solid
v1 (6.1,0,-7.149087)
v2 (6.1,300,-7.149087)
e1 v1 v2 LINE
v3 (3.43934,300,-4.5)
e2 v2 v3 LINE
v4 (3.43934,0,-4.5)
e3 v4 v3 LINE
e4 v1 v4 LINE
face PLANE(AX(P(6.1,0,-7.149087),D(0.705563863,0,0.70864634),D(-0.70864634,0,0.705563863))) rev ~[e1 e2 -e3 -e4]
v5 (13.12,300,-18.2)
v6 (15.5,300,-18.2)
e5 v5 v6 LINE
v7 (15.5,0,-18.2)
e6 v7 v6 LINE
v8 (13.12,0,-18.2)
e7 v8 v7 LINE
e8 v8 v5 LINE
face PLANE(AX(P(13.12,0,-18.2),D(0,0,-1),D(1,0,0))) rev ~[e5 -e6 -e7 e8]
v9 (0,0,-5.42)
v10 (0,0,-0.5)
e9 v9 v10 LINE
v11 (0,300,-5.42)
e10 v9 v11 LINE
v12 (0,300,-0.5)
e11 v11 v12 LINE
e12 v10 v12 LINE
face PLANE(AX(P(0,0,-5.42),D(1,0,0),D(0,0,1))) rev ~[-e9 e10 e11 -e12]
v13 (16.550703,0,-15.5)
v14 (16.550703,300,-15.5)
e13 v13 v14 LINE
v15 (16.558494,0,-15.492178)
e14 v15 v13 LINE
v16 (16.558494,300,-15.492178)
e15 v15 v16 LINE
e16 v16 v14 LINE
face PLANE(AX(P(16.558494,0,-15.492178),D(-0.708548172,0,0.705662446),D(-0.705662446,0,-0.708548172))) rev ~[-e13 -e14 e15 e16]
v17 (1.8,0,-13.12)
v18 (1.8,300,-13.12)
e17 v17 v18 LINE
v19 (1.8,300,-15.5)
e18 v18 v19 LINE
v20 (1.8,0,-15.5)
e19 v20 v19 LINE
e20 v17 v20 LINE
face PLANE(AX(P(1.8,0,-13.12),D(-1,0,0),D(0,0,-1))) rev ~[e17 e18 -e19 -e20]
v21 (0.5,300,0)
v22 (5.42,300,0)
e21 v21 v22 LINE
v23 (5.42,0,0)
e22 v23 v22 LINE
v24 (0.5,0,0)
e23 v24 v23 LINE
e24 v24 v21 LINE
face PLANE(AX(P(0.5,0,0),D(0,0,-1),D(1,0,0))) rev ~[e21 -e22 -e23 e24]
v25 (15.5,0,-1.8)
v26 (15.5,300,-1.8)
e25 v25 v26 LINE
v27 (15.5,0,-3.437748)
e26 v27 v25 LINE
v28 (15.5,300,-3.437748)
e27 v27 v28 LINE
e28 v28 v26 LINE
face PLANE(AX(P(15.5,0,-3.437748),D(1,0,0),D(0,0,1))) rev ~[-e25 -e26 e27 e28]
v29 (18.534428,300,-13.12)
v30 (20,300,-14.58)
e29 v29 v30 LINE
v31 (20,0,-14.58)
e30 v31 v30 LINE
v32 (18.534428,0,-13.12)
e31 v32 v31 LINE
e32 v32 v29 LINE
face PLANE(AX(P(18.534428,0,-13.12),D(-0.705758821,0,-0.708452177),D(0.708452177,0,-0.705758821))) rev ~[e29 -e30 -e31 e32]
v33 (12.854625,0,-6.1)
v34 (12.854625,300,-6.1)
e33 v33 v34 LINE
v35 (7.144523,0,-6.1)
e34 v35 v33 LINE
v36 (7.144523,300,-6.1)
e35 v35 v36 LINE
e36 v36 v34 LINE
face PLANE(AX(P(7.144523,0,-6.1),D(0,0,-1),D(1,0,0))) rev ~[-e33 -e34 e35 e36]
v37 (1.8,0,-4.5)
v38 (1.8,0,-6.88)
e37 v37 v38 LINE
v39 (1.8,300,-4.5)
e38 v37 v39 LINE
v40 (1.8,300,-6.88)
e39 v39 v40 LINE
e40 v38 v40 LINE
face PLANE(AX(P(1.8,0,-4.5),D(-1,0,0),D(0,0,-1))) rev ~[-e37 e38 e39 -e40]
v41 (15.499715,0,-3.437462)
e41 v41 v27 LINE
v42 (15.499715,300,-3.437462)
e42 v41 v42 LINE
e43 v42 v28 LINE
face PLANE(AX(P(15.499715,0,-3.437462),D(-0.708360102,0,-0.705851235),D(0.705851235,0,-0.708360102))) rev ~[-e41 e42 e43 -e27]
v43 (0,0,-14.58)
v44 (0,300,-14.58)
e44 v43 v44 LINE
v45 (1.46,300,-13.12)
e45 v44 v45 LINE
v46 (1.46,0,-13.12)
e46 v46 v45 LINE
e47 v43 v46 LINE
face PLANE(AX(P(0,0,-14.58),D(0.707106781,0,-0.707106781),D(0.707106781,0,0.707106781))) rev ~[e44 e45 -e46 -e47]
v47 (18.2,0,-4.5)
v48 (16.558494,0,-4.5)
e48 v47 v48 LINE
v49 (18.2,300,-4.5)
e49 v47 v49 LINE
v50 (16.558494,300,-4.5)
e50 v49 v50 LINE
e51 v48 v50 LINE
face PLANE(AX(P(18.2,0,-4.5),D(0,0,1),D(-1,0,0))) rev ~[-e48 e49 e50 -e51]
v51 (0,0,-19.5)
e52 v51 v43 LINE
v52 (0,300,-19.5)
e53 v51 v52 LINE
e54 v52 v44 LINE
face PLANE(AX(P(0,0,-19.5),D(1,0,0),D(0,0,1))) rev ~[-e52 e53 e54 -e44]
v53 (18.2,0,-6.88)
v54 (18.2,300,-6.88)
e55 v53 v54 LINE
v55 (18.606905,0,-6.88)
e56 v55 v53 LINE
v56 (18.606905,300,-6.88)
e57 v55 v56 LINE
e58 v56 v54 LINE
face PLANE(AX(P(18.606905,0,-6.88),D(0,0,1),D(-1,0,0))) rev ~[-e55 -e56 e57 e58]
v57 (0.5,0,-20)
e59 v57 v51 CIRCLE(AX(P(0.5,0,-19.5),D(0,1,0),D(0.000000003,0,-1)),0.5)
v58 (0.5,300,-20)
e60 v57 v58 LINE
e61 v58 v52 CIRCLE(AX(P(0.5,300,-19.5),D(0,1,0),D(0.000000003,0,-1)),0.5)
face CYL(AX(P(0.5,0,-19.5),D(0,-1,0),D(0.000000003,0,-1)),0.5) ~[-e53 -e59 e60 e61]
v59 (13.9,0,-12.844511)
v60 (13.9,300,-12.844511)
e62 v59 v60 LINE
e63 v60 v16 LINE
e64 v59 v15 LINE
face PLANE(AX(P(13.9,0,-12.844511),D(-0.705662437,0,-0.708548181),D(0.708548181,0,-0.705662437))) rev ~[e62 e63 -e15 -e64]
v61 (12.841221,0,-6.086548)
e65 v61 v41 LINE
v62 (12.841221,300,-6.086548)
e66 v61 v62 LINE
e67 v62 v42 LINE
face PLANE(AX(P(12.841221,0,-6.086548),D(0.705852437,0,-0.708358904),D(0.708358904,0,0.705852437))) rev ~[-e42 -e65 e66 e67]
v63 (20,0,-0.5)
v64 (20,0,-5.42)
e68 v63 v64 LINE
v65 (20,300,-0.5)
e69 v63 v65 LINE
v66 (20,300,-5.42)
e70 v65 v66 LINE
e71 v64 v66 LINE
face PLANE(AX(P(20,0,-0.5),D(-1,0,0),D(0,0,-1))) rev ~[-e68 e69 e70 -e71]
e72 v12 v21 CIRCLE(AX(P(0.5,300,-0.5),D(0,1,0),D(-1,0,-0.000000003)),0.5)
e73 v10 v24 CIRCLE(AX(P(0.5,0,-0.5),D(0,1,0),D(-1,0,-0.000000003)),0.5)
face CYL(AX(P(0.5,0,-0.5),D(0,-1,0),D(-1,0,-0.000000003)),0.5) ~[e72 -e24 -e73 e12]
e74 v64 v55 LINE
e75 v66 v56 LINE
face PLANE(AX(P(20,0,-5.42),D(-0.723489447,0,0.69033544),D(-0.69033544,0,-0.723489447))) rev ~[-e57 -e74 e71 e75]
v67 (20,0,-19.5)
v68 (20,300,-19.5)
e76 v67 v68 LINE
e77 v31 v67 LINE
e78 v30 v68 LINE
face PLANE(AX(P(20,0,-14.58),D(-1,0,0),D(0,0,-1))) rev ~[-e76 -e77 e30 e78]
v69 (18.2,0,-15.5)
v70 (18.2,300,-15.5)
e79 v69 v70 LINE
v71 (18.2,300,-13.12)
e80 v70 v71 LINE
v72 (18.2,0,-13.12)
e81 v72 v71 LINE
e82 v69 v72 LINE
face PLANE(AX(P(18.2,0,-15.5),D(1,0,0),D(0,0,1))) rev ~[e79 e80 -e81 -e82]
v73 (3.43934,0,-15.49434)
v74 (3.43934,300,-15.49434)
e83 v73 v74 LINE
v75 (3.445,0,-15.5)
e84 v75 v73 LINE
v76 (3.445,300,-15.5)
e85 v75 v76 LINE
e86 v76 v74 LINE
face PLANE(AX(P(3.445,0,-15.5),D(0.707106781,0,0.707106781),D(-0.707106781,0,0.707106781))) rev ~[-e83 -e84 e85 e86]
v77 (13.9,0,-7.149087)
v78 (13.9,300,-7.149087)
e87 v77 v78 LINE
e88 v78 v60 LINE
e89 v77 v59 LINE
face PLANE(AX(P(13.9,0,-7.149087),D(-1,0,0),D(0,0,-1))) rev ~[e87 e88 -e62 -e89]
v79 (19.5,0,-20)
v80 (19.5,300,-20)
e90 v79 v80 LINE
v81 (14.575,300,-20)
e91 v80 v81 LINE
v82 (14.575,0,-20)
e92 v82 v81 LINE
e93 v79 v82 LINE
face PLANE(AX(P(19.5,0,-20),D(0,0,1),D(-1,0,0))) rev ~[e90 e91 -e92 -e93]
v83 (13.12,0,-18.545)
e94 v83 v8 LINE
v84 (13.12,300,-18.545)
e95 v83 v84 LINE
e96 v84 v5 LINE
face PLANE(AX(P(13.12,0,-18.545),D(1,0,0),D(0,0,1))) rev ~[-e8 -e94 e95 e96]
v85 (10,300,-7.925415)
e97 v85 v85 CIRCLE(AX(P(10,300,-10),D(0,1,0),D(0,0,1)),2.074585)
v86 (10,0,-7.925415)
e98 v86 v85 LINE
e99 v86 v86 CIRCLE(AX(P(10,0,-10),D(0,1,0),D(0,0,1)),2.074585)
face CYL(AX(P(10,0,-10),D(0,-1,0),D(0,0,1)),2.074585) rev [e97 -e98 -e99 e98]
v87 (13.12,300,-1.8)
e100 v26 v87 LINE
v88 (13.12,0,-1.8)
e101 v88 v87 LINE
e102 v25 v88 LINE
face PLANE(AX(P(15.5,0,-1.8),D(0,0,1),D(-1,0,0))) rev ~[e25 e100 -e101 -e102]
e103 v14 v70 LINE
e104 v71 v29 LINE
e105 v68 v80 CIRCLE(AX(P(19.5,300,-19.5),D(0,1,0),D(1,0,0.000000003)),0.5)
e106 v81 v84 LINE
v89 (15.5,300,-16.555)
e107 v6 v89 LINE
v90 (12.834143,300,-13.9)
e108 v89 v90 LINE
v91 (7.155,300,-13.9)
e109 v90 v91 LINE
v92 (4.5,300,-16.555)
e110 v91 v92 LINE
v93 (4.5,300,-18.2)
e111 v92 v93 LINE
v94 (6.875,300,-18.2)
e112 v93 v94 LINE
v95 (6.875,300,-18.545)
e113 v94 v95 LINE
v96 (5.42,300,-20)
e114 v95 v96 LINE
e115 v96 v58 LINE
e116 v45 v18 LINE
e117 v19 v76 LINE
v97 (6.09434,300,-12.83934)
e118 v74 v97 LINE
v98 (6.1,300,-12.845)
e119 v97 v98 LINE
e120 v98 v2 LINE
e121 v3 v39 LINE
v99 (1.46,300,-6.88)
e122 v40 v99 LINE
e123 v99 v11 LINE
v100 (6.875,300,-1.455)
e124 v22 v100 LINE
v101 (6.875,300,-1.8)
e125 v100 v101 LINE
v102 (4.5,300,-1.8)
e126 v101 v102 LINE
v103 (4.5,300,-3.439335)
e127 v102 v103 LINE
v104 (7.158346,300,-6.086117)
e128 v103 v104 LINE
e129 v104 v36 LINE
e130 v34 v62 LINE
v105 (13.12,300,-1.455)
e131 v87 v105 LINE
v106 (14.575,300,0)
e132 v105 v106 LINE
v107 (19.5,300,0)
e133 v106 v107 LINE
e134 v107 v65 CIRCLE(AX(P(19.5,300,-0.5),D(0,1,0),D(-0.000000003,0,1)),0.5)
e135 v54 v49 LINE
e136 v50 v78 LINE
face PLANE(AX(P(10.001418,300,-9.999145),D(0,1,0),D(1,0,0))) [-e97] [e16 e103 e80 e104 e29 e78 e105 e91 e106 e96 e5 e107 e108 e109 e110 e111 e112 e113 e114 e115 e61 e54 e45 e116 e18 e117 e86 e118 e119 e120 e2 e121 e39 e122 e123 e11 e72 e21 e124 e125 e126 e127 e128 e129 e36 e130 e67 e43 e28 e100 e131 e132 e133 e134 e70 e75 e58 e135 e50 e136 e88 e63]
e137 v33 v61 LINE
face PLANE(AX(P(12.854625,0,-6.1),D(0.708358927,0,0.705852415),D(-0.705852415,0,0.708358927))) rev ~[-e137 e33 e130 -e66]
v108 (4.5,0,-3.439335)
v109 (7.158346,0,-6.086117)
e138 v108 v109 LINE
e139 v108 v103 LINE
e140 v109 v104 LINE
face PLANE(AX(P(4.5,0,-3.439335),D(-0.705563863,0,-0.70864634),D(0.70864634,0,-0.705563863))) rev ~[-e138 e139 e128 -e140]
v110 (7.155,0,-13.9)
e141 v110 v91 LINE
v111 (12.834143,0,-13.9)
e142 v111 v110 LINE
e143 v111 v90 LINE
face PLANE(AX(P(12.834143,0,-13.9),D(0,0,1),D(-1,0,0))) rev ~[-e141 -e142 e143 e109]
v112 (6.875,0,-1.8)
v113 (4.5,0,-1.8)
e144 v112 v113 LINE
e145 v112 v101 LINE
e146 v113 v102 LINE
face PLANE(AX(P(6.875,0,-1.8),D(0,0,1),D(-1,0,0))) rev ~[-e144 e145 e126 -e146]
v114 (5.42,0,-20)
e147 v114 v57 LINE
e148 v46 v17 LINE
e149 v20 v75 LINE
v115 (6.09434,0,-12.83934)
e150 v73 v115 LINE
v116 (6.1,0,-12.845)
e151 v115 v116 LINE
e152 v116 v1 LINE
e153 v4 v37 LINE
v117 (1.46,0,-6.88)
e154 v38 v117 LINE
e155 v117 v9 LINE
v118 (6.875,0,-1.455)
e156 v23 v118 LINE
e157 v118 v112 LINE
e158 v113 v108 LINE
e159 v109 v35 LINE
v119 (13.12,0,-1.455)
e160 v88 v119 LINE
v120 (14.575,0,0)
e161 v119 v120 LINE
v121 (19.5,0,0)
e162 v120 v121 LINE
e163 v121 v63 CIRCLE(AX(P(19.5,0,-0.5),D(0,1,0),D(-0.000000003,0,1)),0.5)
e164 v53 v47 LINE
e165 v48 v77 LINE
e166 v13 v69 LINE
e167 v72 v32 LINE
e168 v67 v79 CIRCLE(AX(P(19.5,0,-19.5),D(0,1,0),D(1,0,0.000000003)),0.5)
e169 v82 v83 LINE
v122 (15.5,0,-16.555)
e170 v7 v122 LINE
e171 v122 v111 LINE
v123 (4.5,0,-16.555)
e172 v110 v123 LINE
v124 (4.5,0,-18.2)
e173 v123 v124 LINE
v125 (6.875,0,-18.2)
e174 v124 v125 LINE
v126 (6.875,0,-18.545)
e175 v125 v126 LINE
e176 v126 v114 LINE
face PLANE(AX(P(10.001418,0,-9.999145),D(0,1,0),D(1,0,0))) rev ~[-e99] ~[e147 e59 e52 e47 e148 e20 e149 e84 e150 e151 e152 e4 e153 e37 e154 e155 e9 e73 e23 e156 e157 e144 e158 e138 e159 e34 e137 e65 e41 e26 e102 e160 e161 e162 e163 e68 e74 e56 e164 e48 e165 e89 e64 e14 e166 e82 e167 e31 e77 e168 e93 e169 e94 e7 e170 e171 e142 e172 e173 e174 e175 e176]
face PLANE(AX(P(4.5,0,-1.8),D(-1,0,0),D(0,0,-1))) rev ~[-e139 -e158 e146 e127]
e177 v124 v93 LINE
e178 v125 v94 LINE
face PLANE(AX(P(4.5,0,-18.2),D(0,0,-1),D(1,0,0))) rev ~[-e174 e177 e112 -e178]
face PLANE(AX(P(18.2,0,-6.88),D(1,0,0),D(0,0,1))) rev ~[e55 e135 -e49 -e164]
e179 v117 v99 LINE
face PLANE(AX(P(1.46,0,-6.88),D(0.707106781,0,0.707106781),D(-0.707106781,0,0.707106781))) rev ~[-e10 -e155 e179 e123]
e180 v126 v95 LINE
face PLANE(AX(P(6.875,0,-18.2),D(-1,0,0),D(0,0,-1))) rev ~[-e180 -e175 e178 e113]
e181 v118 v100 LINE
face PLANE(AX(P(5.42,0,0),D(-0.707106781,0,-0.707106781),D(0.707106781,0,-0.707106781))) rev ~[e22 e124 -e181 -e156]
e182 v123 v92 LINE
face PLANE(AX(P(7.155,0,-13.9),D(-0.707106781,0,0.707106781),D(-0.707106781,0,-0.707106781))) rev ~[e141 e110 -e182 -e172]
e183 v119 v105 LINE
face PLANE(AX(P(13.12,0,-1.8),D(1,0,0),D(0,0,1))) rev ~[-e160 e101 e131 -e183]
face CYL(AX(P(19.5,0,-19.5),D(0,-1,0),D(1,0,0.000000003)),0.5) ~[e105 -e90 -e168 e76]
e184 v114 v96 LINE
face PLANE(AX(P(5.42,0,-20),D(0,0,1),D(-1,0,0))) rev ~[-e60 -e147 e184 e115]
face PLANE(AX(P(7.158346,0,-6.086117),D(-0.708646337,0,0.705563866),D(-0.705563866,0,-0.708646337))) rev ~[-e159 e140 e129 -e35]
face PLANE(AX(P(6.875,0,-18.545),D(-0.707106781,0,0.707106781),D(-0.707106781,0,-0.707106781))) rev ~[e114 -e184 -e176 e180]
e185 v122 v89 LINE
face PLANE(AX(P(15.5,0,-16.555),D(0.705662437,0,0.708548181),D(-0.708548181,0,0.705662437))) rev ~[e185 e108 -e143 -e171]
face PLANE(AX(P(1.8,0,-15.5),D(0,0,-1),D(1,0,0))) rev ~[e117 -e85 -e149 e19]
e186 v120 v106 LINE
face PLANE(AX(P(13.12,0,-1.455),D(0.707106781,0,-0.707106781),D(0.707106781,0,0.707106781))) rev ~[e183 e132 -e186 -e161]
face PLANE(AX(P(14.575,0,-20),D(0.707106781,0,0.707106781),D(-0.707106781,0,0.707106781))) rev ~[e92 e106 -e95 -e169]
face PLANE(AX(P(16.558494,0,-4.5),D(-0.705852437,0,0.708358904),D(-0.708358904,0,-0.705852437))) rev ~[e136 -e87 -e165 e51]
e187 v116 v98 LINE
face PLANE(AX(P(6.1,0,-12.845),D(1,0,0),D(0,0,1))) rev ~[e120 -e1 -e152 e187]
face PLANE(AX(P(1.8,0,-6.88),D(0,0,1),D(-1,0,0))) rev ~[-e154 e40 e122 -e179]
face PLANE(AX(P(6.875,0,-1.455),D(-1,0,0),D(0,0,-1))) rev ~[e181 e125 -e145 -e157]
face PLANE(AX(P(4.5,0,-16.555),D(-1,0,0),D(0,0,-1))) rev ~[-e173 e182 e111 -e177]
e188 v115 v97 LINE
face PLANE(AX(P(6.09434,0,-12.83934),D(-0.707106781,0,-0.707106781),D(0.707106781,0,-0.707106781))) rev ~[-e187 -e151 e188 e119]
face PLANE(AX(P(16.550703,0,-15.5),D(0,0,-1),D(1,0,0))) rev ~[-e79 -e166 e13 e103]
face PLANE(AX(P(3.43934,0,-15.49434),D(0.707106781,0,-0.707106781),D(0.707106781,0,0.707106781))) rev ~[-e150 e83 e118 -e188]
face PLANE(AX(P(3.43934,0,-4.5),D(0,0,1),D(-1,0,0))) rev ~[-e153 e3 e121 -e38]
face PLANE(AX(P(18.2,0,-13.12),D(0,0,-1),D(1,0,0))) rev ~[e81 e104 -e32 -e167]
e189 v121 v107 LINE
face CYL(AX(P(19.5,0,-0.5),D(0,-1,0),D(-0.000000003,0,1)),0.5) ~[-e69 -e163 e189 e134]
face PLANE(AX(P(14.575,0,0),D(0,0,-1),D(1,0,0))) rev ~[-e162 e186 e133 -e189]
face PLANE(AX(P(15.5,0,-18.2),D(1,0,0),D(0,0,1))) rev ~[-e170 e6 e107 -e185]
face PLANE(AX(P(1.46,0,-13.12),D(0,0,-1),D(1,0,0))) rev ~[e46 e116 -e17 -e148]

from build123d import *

# Parameters (mm, degrees)
SKETCH1_R           = 2.074585303
BOSS_EXTRUDE2_DEPTH = 300


with BuildPart() as part:
    # Sketch1 → Boss-Extrude2 (new body)
    with BuildSketch(Plane(origin=(0, 0, 0), x_dir=(1, 0, 0), z_dir=(0, 1, 0))):
        with BuildLine():
            Line((6.1, 12.845), (6.1, 7.149086807))
            Line((6.1, 7.149086807), (3.439339828, 4.5))
            Line((3.439339828, 4.5), (1.8, 4.5))
            Line((1.8, 4.5), (1.8, 6.88))
            Line((1.8, 6.88), (1.46, 6.88))
            Line((1.46, 6.88), (0, 5.42))
            Line((0, 5.42), (0, 0.5))
            ThreePointArc((0, 0.5), (0.146446609, 0.146446609), (0.5, 0))
            Line((0.5, 0), (5.42, 0))
            Line((5.42, 0), (6.875, 1.455))
            Line((6.875, 1.455), (6.875, 1.8))
            Line((6.875, 1.8), (4.5, 1.8))
            Line((4.5, 1.8), (4.5, 3.4393348))
            Line((4.5, 3.4393348), (7.158345795, 6.086117297))
            Line((7.158345795, 6.086117297), (7.144523479, 6.1))
            Line((7.144523479, 6.1), (12.854625295, 6.1))
            Line((12.854625295, 6.1), (12.841221344, 6.086548451))
            Line((12.841221344, 6.086548451), (15.499715, 3.437461644))
            Line((15.499715, 3.437461644), (15.5, 3.437747657))
            Line((15.5, 3.437747657), (15.5, 1.8))
            Line((15.5, 1.8), (13.12, 1.8))
            Line((13.12, 1.8), (13.12, 1.455))
            Line((13.12, 1.455), (14.575, 0))
            Line((14.575, 0), (19.5, 0))
            ThreePointArc((19.5, 0), (19.853553391, 0.146446609), (20, 0.5))
            Line((20, 0.5), (20, 5.42))
            Line((20, 5.42), (18.606904708, 6.88))
            Line((18.606904708, 6.88), (18.2, 6.88))
            Line((18.2, 6.88), (18.2, 4.5))
            Line((18.2, 4.5), (16.558493656, 4.5))
            Line((16.558493656, 4.5), (13.9, 7.149086807))
            Line((13.9, 7.149086807), (13.9, 12.844511469))
            Line((13.9, 12.844511469), (16.558493656, 15.492177728))
            Line((16.558493656, 15.492177728), (16.550703242, 15.5))
            Line((16.550703242, 15.5), (18.2, 15.5))
            Line((18.2, 15.5), (18.2, 13.12))
            Line((18.2, 13.12), (18.534428266, 13.12))
            Line((18.534428266, 13.12), (20, 14.58))
            Line((20, 14.58), (20, 19.5))
            ThreePointArc((20, 19.5), (19.853553391, 19.853553391), (19.5, 20))
            Line((19.5, 20), (14.575, 20))
            Line((14.575, 20), (13.12, 18.545))
            Line((13.12, 18.545), (13.12, 18.2))
            Line((13.12, 18.2), (15.5, 18.2))
            Line((15.5, 18.2), (15.5, 16.555))
            Line((15.5, 16.555), (12.834142613, 13.9))
            Line((12.834142613, 13.9), (7.155, 13.9))
            Line((7.155, 13.9), (4.5, 16.555))
            Line((4.5, 16.555), (4.5, 18.2))
            Line((4.5, 18.2), (6.875, 18.2))
            Line((6.875, 18.2), (6.875, 18.545))
            Line((6.875, 18.545), (5.42, 20))
            Line((5.42, 20), (0.5, 20))
            ThreePointArc((0.5, 20), (0.146446609, 19.853553391), (0, 19.5))
            Line((0, 19.5), (0, 14.58))
            Line((0, 14.58), (1.46, 13.12))
            Line((1.46, 13.12), (1.8, 13.12))
            Line((1.8, 13.12), (1.8, 15.5))
            Line((1.8, 15.5), (3.445, 15.5))
            Line((3.445, 15.5), (3.439339828, 15.494339828))
            Line((3.439339828, 15.494339828), (6.094339828, 12.839339828))
            Line((6.094339828, 12.839339828), (6.1, 12.845))
        make_face()
        with Locations(Location((10, 10, 0), (0, 0, 270))):
            Circle(SKETCH1_R, mode=Mode.SUBTRACT)
    extrude(amount=BOSS_EXTRUDE2_DEPTH)


solid = part.part
